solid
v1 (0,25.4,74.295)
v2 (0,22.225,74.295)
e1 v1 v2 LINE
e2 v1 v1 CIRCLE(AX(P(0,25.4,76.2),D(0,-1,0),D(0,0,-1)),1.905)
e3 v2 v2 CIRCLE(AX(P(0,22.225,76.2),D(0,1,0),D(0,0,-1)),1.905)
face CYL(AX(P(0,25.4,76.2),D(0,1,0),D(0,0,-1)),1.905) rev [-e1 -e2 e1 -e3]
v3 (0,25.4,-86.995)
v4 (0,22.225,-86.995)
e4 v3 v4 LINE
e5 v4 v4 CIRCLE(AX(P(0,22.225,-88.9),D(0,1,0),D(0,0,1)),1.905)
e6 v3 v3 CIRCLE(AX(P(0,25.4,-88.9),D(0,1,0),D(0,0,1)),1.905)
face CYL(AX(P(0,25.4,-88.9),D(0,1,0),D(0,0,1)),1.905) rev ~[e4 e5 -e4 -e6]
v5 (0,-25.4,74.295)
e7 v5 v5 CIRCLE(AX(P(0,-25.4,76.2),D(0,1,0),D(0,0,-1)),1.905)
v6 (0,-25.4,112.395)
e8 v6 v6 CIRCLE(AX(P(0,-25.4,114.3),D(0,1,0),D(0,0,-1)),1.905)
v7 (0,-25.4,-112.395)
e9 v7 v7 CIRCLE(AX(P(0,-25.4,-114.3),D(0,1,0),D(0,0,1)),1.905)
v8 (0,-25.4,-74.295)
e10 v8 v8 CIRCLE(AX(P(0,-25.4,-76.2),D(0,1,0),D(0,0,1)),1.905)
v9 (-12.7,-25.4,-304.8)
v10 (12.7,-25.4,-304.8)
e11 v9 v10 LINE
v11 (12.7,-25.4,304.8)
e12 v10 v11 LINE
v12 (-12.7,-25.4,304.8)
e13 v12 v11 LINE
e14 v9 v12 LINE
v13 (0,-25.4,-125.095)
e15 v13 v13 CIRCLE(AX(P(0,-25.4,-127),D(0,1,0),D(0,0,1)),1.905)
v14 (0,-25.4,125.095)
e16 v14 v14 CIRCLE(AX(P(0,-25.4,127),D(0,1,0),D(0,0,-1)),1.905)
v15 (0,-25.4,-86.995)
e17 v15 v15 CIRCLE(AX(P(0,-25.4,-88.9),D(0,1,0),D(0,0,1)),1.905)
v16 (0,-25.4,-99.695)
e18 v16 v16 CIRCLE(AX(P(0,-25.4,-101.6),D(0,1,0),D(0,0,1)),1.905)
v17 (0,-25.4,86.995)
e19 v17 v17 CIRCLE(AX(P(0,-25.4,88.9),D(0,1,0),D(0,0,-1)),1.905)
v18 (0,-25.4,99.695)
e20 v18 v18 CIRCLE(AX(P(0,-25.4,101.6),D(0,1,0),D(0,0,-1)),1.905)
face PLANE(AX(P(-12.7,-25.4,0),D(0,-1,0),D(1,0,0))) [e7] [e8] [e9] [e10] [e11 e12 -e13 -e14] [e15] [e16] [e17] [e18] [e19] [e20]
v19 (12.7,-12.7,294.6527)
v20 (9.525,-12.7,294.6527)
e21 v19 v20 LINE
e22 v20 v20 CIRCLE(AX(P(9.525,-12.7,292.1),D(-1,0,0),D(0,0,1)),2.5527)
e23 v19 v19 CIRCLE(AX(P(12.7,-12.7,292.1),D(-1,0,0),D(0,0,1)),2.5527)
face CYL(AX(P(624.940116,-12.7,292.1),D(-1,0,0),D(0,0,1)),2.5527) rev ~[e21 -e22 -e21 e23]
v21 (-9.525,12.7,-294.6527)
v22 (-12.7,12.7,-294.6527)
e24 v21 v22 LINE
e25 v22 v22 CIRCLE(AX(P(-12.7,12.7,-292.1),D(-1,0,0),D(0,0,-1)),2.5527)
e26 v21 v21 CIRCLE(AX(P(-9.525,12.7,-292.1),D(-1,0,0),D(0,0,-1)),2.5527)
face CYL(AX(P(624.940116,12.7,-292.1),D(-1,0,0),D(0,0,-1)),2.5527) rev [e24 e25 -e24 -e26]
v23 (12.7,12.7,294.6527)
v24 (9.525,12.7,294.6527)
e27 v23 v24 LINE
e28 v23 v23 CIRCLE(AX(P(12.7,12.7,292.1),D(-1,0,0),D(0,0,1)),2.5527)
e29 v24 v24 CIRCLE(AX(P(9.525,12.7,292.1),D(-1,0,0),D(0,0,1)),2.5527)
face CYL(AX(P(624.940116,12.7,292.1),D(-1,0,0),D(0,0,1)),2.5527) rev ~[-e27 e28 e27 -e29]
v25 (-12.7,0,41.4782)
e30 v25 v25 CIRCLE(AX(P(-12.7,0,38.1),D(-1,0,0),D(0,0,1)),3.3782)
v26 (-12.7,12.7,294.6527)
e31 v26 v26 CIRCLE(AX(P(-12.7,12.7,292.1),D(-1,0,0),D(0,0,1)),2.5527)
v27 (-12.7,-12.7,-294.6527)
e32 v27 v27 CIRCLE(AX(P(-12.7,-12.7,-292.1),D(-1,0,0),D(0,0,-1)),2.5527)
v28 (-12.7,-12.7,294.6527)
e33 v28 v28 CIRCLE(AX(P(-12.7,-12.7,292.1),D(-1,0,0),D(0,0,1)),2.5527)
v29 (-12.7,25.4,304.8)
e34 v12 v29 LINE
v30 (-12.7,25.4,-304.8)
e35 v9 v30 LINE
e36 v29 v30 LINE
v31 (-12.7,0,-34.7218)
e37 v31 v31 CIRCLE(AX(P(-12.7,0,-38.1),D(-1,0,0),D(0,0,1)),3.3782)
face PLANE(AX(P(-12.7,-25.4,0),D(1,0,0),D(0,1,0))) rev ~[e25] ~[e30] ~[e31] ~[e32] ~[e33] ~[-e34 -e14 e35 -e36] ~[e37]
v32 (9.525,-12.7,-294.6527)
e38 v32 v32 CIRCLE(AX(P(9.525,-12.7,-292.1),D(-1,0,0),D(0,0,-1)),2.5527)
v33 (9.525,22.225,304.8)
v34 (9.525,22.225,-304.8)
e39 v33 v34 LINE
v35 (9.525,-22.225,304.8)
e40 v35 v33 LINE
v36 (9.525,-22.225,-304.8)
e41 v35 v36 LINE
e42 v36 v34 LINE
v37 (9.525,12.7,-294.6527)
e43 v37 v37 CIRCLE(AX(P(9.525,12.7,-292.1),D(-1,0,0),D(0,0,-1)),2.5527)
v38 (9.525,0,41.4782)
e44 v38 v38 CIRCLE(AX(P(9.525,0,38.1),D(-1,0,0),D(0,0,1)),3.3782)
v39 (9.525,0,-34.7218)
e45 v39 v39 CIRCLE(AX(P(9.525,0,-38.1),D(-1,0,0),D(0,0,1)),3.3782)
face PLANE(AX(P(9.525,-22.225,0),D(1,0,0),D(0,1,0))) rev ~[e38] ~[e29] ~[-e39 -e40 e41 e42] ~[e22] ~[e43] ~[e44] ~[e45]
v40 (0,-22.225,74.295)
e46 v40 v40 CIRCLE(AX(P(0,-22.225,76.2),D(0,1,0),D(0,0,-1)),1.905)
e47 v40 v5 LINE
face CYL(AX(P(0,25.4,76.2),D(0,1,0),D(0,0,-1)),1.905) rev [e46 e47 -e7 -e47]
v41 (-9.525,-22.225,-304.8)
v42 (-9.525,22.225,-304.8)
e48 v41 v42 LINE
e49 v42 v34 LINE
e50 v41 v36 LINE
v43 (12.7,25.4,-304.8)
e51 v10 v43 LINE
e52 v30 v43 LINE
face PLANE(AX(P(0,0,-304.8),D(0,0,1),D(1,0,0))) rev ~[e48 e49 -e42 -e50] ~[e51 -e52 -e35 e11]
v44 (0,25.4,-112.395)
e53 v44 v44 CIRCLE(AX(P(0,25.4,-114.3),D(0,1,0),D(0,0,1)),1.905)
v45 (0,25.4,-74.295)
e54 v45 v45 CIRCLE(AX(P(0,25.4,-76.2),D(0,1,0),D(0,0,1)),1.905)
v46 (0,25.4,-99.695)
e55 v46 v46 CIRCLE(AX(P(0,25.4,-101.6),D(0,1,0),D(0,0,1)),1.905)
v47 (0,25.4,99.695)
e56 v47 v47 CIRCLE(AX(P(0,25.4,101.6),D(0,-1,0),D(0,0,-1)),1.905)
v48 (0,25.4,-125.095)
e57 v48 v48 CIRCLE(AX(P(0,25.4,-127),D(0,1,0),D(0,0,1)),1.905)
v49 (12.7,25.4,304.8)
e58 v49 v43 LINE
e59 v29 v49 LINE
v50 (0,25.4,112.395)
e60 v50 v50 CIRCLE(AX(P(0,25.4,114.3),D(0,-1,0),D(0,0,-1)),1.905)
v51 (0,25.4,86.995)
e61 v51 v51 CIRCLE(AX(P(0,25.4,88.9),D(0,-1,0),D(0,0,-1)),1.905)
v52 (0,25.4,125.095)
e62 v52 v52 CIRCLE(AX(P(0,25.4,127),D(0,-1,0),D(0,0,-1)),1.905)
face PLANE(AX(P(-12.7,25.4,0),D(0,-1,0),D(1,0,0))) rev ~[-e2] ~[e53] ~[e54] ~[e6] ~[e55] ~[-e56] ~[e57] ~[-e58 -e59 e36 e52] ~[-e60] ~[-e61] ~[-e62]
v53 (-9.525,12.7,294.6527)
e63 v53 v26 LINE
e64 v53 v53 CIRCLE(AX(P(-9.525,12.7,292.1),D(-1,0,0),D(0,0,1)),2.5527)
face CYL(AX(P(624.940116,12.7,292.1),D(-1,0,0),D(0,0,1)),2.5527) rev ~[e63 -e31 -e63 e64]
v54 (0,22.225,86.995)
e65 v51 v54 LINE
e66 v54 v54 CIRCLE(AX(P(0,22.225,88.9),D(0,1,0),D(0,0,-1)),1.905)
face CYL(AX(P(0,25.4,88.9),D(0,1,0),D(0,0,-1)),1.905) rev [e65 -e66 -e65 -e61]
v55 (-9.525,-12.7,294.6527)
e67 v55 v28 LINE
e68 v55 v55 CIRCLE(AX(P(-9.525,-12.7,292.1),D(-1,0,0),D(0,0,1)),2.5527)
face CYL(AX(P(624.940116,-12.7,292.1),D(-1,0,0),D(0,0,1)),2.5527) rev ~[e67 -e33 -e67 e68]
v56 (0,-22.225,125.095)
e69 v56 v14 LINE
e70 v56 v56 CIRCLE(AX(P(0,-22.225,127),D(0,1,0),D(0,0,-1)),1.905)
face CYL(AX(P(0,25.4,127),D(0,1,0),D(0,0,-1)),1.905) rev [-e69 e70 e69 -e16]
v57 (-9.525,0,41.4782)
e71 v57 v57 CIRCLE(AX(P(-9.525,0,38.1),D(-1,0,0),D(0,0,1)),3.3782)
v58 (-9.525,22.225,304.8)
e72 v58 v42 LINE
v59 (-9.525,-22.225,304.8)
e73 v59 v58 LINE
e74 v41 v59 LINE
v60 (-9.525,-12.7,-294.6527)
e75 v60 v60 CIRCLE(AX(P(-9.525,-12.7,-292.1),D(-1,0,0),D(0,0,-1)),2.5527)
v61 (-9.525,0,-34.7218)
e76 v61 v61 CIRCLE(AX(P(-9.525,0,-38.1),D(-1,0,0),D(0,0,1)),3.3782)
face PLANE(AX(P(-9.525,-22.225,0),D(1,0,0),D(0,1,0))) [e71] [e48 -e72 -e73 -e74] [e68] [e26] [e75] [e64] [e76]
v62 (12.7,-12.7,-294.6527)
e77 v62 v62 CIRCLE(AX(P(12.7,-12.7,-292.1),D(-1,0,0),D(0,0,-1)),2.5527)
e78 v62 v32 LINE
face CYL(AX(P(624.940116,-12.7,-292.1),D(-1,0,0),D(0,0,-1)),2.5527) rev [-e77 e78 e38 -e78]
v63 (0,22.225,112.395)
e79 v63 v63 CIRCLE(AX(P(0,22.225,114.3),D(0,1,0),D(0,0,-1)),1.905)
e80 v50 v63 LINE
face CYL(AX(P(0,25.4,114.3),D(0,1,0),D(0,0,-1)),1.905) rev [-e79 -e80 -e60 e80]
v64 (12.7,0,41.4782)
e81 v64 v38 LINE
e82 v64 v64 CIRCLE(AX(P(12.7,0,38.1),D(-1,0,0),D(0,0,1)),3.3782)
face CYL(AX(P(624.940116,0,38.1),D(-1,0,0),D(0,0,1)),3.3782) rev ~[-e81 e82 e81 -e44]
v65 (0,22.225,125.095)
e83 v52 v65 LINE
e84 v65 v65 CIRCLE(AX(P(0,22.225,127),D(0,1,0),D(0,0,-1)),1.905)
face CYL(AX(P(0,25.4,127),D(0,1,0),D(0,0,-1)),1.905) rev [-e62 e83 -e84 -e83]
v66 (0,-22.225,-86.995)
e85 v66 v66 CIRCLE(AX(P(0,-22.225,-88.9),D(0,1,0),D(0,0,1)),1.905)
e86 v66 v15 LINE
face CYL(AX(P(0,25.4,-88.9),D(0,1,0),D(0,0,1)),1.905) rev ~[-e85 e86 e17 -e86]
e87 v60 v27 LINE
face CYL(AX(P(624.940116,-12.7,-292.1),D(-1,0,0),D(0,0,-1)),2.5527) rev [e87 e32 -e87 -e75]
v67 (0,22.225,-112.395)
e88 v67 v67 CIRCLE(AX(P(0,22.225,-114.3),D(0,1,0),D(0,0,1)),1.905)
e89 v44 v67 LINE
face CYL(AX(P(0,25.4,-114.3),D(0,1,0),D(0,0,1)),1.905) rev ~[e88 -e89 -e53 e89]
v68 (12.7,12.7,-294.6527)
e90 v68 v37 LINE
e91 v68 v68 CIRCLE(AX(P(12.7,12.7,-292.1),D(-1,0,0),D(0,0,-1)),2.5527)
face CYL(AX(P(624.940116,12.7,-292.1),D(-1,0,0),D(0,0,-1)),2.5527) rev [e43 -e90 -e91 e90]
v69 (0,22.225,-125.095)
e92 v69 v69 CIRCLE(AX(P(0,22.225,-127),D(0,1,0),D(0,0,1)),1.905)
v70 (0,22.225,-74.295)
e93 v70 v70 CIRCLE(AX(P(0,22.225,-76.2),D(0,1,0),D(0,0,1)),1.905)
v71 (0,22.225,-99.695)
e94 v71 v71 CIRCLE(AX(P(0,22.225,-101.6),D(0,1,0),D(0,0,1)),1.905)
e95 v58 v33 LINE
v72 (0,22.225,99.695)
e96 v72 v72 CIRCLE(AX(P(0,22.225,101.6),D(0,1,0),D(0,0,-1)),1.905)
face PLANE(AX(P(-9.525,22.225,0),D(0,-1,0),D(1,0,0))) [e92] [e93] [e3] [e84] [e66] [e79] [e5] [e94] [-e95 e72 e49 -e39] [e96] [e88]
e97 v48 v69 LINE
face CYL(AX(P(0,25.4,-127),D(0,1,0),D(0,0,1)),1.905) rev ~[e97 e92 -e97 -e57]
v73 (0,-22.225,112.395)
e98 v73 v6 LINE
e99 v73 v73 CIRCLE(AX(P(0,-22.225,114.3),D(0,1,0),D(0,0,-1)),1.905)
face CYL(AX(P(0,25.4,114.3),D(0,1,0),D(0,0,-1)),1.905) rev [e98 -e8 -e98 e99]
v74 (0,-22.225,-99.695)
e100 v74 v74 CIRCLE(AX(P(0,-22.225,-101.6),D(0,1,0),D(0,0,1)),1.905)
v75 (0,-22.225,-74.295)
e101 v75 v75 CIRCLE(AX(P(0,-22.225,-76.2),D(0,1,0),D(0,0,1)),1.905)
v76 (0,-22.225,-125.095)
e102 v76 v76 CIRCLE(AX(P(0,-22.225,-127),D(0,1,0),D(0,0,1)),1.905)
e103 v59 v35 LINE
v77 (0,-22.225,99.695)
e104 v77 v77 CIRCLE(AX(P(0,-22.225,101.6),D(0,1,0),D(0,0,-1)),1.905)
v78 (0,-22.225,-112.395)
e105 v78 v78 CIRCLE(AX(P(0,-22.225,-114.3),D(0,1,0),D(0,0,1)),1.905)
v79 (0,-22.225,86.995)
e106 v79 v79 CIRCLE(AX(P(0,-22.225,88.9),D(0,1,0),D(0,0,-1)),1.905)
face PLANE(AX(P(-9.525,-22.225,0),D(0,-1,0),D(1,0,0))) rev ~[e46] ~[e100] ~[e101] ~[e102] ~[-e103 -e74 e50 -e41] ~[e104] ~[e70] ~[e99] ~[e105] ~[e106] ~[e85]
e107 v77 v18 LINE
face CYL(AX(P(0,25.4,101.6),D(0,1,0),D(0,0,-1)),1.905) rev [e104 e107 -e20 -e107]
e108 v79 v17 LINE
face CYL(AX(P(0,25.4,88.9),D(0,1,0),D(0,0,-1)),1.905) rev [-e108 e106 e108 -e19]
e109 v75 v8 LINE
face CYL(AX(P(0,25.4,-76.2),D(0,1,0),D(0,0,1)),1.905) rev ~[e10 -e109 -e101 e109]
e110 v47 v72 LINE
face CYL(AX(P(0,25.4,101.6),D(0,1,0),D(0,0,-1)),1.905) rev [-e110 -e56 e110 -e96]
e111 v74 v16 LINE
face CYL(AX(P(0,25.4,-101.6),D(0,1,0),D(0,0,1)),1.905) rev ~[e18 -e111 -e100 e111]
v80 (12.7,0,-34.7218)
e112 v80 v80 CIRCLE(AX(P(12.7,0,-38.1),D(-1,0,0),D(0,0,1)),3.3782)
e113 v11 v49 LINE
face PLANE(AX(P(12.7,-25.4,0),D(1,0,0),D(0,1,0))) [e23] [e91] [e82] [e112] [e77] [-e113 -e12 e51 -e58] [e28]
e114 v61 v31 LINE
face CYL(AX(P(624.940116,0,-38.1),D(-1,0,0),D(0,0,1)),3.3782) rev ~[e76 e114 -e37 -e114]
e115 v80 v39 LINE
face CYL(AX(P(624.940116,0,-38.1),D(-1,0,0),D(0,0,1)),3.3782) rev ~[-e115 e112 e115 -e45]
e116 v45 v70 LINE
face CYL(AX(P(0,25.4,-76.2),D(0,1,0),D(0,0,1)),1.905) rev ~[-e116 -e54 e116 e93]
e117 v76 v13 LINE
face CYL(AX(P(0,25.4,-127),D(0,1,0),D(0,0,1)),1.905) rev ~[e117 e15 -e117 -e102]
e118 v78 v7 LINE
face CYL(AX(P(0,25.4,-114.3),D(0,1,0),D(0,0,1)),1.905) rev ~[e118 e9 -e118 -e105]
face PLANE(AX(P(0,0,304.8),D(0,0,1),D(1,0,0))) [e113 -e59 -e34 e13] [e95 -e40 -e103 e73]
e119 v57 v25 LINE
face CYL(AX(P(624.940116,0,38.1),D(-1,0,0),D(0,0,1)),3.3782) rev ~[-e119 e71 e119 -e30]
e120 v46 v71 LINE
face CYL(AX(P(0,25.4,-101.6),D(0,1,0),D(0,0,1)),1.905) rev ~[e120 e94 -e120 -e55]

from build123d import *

# Parameters (mm, degrees)
SKETCH1_W               = 25.4
SKETCH1_H               = 50.8
SKETCH1_W_2             = 19.05
SKETCH1_H_2             = 44.45
BOSS_EXTRUDE1_DEPTH     = 304.8
F_10_CLEARANCE_HOLE1_D  = 5.1054
F_1_4_CLEARANCE_HOLE2_D = 6.7564
SKETCH7_R               = 1.905
CUT_EXTRUDE1_DEPTH      = 310.265209812


with BuildPart() as part:
    # Sketch1 → Boss-Extrude1 (new, symmetric)
    with BuildSketch(Plane.XY):
        Rectangle(SKETCH1_W, SKETCH1_H)
        Rectangle(SKETCH1_W_2, SKETCH1_H_2, mode=Mode.SUBTRACT)
    extrude(amount=BOSS_EXTRUDE1_DEPTH, both=True)

    # #10 Clearance Hole1 (through all)
    with Locations(Plane(origin=(12.7, 0, 0), x_dir=(0, 0, -1), z_dir=(1, 0, 0))):
        with Locations((-292.1, 12.7), (-292.1, -12.7)):
            f_10_clearance_hole1 = Hole(F_10_CLEARANCE_HOLE1_D / 2)

    # Mirror1: #10 Clearance Hole1 across plane
    add(f_10_clearance_hole1.mirror(Plane.XY), mode=Mode.SUBTRACT)

    # 1/4 Clearance Hole2 (through all)
    with Locations(Plane(origin=(12.7, 0, 0), x_dir=(0, 0, -1), z_dir=(1, 0, 0))):
        with Locations((-38.1, 0), (38.1, 0)):
            Hole(F_1_4_CLEARANCE_HOLE2_D / 2)

    # Sketch7 → Cut-Extrude1 (cut, through all)
    with BuildSketch(Plane(origin=(0, 25.4, 0), x_dir=(1, 0, 0), z_dir=(0, 1, 0))):
        with Locations(Location((0, 127, 0), (0, 0, 270))):
            Circle(SKETCH7_R)
        with Locations(Location((0, 114.3, 0), (0, 0, 270))):
            Circle(SKETCH7_R)
        with Locations(Location((0, 101.6, 0), (0, 0, 270))):
            Circle(SKETCH7_R)
        with Locations(Location((0, 88.9, 0), (0, 0, 270))):
            Circle(SKETCH7_R)
        with Locations(Location((0, 76.2, 0), (0, 0, 270))):
            Circle(SKETCH7_R)
    cut_extrude1 = extrude(amount=-CUT_EXTRUDE1_DEPTH, mode=Mode.SUBTRACT)

    # Mirror2: Cut-Extrude1 across plane
    add(cut_extrude1.mirror(Plane.XY), mode=Mode.SUBTRACT)


solid = part.part
